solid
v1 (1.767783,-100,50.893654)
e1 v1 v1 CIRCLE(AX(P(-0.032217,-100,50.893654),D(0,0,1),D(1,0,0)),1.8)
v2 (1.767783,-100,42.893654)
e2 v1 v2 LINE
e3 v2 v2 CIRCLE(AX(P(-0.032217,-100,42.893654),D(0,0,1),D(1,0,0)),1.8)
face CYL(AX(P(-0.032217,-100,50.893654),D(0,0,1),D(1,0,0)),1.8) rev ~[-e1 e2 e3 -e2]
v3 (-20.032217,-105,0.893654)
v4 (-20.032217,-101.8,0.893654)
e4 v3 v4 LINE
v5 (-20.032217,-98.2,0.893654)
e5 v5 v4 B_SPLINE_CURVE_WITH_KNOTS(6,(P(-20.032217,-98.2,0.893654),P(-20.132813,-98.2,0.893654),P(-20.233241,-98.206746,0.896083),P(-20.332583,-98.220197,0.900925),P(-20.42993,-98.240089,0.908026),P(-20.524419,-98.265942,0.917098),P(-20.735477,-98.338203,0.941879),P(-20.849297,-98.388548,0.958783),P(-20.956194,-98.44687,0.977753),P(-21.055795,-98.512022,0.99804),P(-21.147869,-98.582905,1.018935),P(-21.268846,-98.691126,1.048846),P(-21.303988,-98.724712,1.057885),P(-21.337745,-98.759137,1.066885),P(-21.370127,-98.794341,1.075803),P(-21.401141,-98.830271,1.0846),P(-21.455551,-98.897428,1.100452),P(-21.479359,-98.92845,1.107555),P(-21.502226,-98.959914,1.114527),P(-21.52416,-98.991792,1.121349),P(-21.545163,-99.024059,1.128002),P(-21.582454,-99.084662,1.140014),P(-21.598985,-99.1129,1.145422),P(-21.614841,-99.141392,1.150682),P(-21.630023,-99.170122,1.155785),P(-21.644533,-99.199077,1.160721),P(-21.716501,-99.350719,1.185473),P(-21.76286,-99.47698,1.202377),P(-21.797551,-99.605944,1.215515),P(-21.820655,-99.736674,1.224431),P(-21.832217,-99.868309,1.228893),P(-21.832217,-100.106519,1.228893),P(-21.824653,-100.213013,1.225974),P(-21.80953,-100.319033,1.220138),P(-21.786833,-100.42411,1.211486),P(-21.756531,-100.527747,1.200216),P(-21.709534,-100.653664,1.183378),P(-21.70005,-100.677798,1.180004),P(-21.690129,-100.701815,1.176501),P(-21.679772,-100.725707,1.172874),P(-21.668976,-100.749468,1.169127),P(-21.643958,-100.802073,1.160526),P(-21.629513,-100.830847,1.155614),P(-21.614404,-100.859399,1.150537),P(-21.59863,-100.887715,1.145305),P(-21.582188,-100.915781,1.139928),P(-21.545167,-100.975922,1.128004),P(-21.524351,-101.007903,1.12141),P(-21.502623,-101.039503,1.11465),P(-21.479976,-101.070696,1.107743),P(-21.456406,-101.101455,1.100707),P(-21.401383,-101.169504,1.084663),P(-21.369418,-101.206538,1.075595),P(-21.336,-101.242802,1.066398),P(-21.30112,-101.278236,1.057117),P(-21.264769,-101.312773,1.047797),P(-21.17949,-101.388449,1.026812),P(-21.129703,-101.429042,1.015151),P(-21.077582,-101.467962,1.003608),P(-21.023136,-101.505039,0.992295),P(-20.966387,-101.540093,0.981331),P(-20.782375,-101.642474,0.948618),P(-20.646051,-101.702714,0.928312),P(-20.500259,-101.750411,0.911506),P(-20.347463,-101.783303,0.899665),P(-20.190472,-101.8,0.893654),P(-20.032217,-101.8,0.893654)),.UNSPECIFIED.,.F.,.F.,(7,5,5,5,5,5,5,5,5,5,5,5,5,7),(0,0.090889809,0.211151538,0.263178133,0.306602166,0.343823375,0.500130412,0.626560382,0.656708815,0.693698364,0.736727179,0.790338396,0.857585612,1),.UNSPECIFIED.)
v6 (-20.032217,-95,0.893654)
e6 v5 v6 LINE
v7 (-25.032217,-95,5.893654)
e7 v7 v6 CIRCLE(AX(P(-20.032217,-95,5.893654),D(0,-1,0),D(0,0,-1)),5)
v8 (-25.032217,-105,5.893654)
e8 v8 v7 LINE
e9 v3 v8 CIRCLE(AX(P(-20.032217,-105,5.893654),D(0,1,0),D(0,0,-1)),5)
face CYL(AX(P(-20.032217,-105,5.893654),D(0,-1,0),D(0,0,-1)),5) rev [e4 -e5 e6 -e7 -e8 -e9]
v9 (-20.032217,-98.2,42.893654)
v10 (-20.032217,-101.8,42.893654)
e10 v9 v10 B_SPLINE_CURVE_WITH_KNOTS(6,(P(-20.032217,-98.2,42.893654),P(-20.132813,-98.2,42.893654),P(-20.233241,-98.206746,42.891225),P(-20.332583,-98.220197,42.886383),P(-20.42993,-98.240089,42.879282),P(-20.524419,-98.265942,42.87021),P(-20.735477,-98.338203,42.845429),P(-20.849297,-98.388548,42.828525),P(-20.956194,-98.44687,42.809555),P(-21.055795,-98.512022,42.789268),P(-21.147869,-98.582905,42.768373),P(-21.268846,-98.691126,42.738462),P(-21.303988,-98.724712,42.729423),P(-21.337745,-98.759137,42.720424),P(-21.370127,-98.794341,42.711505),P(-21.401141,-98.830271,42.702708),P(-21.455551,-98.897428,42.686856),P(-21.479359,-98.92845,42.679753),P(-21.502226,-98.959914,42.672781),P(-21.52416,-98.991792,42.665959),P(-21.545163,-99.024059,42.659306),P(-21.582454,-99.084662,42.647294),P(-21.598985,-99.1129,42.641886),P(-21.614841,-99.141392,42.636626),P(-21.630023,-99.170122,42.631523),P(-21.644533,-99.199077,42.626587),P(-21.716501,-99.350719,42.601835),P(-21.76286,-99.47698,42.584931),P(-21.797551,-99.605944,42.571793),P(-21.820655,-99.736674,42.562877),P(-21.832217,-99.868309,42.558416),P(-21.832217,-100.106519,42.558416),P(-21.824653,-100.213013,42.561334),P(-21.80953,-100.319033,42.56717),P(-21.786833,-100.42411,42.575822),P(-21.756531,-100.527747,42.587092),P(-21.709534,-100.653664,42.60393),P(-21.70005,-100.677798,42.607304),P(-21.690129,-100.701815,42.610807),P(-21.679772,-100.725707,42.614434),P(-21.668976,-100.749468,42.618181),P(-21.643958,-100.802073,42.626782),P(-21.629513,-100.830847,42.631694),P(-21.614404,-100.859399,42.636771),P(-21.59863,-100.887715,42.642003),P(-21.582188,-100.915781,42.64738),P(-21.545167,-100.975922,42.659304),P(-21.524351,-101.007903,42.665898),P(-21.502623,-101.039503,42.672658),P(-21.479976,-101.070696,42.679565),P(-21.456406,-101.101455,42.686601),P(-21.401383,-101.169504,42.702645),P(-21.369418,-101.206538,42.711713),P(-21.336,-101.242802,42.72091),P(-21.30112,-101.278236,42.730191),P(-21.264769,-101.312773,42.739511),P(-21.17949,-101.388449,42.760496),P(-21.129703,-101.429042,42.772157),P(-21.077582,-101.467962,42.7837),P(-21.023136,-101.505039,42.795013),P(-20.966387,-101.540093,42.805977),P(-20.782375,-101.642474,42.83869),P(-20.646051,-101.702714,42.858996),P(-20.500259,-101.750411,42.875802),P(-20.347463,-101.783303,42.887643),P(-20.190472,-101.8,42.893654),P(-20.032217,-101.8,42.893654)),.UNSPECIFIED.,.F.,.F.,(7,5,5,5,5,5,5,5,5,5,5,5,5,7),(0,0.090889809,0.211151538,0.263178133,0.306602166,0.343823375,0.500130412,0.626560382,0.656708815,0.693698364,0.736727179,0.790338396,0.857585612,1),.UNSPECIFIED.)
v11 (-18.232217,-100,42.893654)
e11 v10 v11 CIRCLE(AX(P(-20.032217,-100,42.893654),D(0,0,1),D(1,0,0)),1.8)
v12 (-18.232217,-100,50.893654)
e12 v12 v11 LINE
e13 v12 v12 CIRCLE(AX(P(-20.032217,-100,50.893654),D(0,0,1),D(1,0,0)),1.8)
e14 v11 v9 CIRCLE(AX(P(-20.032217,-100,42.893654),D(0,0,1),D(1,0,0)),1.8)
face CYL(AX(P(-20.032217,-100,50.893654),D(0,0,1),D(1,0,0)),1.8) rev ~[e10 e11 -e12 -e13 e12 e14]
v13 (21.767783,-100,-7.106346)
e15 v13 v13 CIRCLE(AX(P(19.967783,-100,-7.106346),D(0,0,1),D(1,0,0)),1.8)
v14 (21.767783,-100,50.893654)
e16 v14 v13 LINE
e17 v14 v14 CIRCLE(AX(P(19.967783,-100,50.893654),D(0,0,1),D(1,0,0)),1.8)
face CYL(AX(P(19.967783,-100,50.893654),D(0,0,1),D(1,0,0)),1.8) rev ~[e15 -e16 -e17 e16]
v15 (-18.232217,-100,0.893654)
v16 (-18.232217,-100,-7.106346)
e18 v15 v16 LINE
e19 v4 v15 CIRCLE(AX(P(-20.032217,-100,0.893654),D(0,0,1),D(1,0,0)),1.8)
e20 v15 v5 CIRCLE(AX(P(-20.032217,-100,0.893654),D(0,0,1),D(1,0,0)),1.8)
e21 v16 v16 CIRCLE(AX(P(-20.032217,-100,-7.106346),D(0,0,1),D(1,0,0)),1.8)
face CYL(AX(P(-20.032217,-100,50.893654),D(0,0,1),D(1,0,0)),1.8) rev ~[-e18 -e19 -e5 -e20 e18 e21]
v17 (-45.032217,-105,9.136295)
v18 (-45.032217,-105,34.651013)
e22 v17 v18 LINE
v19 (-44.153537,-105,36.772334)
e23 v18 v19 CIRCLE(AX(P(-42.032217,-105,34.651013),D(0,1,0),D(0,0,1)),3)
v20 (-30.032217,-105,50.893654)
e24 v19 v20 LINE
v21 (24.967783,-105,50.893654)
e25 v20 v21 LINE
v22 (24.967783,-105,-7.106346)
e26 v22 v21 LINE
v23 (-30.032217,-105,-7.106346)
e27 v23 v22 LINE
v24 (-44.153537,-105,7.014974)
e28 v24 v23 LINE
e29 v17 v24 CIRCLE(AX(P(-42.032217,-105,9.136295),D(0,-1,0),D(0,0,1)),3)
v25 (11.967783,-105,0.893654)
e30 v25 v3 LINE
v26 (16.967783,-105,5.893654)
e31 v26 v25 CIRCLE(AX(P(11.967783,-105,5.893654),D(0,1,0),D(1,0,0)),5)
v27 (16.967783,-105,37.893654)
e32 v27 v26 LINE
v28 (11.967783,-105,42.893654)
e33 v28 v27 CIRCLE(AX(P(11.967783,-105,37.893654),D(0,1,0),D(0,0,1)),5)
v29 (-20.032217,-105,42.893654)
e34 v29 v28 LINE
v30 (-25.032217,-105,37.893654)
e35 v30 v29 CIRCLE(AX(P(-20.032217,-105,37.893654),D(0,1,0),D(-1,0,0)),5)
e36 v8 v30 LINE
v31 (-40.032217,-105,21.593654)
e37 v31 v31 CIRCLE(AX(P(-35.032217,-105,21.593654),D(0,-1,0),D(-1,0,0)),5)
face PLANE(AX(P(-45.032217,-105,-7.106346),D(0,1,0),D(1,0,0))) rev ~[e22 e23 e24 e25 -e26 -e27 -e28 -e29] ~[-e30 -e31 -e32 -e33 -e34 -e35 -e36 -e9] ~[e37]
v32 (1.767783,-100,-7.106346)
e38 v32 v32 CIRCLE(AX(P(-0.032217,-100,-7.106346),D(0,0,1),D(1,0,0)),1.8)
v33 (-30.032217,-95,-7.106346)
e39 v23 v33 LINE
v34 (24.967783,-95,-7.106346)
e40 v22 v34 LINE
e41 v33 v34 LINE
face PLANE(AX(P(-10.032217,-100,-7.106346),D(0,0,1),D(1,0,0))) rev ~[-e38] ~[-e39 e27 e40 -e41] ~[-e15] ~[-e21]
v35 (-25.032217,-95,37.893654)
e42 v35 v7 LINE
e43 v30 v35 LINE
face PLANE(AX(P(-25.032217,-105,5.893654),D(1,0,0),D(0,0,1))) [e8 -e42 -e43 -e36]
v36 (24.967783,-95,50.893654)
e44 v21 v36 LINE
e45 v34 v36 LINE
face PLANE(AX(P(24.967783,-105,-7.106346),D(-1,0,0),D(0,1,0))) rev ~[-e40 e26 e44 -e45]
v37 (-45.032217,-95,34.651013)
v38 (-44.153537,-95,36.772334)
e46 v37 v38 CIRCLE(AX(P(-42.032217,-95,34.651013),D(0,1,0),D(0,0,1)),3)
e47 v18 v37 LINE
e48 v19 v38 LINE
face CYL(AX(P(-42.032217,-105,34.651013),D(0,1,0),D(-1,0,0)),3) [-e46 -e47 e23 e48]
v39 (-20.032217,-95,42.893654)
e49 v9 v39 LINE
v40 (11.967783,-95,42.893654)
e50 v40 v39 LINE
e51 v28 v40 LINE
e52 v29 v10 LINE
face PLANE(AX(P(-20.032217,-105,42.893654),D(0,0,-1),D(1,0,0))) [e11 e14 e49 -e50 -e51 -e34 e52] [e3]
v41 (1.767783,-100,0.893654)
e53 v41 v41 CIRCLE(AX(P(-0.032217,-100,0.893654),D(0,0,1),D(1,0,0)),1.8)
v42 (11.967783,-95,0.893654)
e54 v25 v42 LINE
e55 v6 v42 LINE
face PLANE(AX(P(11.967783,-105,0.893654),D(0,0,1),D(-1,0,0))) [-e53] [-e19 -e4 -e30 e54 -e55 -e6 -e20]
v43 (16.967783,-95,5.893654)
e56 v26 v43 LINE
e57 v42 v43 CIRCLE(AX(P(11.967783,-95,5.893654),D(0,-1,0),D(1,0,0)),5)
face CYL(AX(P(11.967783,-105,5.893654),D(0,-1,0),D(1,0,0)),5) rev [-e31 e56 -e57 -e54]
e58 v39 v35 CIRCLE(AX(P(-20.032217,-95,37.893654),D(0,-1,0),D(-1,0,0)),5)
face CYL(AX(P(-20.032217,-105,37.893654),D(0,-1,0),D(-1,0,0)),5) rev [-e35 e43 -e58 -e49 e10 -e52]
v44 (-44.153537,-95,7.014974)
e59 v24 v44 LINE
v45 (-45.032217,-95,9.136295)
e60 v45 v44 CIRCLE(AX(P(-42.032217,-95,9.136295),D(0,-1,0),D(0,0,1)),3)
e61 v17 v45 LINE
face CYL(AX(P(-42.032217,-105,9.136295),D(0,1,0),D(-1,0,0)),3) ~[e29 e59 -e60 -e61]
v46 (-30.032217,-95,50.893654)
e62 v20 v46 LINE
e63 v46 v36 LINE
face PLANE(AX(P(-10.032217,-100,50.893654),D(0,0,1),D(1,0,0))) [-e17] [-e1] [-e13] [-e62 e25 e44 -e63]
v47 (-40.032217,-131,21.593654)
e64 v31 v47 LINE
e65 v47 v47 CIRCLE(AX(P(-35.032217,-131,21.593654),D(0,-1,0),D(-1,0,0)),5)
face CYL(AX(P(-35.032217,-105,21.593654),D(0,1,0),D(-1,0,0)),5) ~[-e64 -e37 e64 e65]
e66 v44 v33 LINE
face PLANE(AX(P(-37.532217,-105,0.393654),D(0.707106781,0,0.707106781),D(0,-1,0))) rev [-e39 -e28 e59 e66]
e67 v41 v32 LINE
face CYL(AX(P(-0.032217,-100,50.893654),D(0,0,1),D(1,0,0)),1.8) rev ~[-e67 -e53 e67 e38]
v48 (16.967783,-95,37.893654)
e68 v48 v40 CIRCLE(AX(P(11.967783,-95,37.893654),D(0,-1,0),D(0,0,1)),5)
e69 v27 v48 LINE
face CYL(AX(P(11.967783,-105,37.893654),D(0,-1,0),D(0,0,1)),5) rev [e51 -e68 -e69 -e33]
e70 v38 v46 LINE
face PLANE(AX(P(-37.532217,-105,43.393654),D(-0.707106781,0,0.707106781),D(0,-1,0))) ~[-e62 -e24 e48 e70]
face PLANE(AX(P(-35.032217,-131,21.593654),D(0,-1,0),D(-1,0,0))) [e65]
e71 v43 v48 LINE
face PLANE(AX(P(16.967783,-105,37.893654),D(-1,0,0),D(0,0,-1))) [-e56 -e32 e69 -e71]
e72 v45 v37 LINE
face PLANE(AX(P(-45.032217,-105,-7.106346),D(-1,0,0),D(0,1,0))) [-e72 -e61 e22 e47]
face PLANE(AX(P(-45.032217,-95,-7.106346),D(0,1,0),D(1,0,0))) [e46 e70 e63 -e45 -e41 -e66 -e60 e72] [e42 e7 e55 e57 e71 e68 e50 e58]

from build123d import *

# Parameters (mm, degrees)
SKETCH1_W          = 70
SKETCH1_H          = 10
EXTRUDE1_DEPTH     = 58
SKETCH2_R          = 5
EXTRUDE2_DEPTH     = 26
CUT_EXTRUDE1_DEPTH = 30
CHAMFER1_SIZE      = 15
FILLET1_R          = 3
SKETCH4_R          = 1.8
CUT_EXTRUDE2_DEPTH = 60


with BuildPart() as part:
    # Sketch1 → Extrude1 (new body)
    with BuildSketch(Plane.XY.offset(-7.106345979)):
        with Locations((-10.032216865, -100)):
            Rectangle(SKETCH1_W, SKETCH1_H)
    extrude(amount=EXTRUDE1_DEPTH)

    # Sketch2 → Extrude2 (add)
    with BuildSketch(Plane.XZ.offset(105)):
        with Locations(Location((-35.032216865, 21.593654021, 0), (0, 0, 180))):
            Circle(SKETCH2_R)
    extrude(amount=EXTRUDE2_DEPTH)

    # Sketch3 → Cut-Extrude1 (cut)
    with BuildSketch(Plane.XZ.offset(105)):
        with BuildLine():
            Line((-20.032216865, 42.893654021), (11.967783135, 42.893654021))
            ThreePointArc((11.967783135, 42.893654021), (15.503317041, 41.429187927), (16.967783135, 37.893654021))
            Line((16.967783135, 37.893654021), (16.967783135, 5.893654021))
            ThreePointArc((16.967783135, 5.893654021), (15.503317041, 2.358120115), (11.967783135, 0.893654021))
            Line((11.967783135, 0.893654021), (-20.032216865, 0.893654021))
            ThreePointArc((-20.032216865, 0.893654021), (-23.567750771, 2.358120115), (-25.032216865, 5.893654021))
            Line((-25.032216865, 5.893654021), (-25.032216865, 37.893654021))
            ThreePointArc((-25.032216865, 37.893654021), (-23.567750771, 41.429187927), (-20.032216865, 42.893654021))
        make_face()
    extrude(amount=-CUT_EXTRUDE1_DEPTH, mode=Mode.SUBTRACT)

    # Chamfer1
    chamfer1_edges = [part.edges().sort_by_distance(p)[0] for p in [
        (-45.032216865, -100, 50.893654021),
        (-45.032216865, -100, -7.106345979),
    ]]
    chamfer(chamfer1_edges, length=CHAMFER1_SIZE)

    # Fillet1
    fillet1_edges = [part.edges().sort_by_distance(p)[0] for p in [
        (-45.032216865, -100, 35.893654021),
        (-45.032216865, -100, 7.893654021),
    ]]
    fillet(fillet1_edges, radius=FILLET1_R)

    # Sketch4 → Cut-Extrude2 (cut)
    with BuildSketch(Plane.XY.offset(50.893654021)):
        with Locations((-20.032216865, -100)):
            Circle(SKETCH4_R)
        with Locations((-0.032216865, -100)):
            Circle(SKETCH4_R)
        with Locations((19.967783135, -100)):
            Circle(SKETCH4_R)
    extrude(amount=-CUT_EXTRUDE2_DEPTH, mode=Mode.SUBTRACT)


solid = part.part
